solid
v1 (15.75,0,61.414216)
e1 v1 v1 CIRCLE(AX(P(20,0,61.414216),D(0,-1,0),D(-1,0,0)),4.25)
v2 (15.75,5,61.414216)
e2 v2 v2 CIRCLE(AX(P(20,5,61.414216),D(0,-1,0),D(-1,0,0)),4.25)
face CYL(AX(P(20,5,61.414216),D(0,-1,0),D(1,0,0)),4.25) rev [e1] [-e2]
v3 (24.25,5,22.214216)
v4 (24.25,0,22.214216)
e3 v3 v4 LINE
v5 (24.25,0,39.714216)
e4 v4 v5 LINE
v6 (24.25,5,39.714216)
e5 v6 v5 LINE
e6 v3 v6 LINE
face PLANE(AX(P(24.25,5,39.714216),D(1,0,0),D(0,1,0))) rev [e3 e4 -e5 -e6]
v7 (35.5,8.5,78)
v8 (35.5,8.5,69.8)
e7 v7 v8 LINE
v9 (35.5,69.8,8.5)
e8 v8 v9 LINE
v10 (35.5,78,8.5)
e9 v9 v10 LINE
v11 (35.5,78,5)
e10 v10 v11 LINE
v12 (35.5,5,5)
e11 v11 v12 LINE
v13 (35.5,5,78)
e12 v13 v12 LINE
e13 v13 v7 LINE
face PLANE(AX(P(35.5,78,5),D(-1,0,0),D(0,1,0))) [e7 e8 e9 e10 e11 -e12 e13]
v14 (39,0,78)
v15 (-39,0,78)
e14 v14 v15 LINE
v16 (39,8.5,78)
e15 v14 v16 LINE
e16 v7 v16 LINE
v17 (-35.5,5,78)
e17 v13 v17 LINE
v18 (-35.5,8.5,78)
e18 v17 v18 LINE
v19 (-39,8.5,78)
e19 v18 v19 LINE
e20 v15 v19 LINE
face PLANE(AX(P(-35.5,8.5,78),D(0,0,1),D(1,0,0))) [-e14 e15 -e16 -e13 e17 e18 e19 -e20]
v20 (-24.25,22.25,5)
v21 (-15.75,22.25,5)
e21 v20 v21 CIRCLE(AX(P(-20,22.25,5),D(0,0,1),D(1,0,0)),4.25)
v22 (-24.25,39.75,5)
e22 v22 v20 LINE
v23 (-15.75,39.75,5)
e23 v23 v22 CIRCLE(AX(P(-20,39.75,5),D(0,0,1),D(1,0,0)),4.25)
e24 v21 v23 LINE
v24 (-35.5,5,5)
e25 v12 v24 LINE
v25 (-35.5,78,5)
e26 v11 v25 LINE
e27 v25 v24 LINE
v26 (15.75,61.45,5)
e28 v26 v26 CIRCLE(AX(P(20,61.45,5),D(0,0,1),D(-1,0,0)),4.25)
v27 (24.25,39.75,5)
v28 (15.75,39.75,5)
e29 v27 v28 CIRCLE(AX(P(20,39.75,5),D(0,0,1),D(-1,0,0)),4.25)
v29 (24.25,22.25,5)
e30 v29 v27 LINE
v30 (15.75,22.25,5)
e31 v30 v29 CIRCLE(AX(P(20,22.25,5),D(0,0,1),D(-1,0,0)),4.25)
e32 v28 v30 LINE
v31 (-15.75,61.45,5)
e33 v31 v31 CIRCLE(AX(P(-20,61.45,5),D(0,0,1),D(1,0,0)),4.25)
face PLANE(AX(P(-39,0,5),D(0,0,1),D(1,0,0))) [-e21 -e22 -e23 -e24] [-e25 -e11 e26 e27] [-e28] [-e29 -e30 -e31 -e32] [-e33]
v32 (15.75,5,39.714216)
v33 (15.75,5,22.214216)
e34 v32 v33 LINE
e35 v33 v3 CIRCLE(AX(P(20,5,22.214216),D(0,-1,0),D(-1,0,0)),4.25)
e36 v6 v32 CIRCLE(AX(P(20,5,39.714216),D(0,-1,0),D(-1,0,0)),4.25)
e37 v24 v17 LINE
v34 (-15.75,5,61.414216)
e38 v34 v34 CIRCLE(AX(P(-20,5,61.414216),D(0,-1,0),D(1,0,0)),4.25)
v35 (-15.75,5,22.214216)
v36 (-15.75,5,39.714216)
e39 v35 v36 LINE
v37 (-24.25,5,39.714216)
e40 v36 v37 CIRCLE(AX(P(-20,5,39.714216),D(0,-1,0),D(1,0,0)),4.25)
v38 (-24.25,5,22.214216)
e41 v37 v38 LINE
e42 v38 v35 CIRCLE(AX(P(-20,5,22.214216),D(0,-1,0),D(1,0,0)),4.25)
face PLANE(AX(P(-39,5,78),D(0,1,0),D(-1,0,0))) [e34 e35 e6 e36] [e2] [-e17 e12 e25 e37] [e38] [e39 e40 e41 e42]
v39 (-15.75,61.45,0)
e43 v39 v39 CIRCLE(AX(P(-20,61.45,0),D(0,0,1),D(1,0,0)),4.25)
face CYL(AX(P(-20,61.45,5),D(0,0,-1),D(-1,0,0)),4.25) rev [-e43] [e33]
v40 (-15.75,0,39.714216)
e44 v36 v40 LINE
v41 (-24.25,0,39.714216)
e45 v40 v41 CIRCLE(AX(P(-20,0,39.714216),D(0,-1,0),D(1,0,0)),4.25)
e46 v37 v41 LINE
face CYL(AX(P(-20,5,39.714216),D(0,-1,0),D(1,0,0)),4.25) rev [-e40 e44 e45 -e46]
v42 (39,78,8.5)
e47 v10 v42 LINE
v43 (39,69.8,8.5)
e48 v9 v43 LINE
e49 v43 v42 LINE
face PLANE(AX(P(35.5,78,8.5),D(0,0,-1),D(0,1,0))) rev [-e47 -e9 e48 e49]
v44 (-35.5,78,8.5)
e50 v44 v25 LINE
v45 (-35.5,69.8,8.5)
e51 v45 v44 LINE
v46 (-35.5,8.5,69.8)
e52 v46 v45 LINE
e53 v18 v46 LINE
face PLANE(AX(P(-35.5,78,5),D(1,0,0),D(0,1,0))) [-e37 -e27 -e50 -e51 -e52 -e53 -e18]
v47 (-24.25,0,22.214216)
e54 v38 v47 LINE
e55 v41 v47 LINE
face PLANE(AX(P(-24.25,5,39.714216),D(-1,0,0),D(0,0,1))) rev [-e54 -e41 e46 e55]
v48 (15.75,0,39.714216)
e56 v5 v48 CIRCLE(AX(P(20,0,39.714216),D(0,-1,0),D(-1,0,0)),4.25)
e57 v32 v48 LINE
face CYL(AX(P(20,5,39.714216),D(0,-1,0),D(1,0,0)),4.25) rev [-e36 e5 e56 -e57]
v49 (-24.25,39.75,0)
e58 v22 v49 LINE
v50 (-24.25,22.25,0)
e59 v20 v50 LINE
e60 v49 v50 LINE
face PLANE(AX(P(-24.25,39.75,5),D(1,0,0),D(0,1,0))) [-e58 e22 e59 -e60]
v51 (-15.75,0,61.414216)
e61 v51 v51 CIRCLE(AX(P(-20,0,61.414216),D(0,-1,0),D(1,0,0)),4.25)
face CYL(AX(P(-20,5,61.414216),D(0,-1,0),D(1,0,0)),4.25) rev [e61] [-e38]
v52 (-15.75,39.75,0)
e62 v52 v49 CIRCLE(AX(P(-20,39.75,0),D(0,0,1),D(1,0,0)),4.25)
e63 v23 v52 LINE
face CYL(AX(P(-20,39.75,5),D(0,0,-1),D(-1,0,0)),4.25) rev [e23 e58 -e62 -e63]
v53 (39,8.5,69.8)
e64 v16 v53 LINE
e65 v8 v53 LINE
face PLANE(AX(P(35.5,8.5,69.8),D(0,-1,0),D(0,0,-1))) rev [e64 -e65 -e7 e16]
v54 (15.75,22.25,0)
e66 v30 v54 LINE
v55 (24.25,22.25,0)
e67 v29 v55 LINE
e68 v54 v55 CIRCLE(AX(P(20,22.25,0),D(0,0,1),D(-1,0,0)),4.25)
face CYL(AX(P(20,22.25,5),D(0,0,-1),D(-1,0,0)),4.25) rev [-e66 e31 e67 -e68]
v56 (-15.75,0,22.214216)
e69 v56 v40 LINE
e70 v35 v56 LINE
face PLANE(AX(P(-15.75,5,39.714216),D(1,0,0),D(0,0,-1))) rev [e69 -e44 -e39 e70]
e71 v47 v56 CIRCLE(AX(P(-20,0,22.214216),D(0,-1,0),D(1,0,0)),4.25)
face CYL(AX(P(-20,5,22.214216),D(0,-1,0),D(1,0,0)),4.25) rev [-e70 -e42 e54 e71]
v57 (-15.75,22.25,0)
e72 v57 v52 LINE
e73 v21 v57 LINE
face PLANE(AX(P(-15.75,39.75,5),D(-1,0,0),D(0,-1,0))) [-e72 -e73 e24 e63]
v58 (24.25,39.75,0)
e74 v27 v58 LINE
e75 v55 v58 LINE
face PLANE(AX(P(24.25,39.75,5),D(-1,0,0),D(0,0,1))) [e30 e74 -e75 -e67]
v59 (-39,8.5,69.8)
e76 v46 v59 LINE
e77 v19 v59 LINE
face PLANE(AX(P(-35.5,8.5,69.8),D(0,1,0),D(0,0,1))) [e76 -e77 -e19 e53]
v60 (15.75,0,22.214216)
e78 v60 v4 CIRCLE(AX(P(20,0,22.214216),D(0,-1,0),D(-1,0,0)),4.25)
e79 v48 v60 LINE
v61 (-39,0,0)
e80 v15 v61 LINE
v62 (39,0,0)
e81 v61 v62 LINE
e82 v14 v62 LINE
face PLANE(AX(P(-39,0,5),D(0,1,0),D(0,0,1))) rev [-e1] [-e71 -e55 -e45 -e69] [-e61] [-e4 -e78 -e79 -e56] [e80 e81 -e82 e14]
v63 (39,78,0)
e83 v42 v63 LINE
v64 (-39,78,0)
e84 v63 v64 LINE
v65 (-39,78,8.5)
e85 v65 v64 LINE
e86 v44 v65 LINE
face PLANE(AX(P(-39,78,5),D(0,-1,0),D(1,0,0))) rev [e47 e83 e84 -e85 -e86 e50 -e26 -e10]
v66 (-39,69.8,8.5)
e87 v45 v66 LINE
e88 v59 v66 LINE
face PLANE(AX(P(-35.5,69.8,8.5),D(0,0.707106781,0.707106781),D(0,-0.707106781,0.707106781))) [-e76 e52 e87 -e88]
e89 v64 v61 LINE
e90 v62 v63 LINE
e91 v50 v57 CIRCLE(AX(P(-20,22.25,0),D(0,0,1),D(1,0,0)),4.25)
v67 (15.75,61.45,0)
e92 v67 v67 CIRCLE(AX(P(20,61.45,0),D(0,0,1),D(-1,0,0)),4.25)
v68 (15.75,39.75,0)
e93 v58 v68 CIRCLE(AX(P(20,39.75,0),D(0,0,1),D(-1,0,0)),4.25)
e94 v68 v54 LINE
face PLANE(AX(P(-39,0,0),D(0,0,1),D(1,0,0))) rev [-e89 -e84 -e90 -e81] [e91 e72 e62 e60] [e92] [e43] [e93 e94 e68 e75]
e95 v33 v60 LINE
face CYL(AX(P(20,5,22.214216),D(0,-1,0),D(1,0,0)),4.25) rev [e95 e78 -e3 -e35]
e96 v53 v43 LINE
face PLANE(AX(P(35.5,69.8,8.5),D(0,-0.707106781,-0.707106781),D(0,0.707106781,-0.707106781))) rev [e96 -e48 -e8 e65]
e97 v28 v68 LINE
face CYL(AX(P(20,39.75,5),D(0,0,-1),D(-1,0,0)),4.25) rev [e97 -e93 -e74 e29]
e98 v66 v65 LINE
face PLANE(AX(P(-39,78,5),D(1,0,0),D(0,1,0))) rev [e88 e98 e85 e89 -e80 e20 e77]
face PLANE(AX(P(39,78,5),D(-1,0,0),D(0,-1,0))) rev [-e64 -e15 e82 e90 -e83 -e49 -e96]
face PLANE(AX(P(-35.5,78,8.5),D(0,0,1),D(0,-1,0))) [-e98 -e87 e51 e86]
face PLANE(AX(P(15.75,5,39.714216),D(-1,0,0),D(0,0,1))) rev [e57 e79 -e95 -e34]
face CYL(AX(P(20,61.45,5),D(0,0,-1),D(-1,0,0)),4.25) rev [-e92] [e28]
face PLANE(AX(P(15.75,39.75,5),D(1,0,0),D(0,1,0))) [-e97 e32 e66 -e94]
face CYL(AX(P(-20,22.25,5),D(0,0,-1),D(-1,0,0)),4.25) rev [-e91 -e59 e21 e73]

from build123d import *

# Parameters (mm, degrees)
SKETCH_3_W      = 78
SKETCH_3_H      = 78
SKETCH_3_R      = 4.25
EXTRUDE_1_DEPTH = 5
EXTRUDE_2_DEPTH = 3.5
SKETCH_5_W      = 78
SKETCH_5_H      = 78
SKETCH_5_R      = 4.25
EXTRUDE_3_DEPTH = 5


with BuildPart() as part:
    # 草图3 → 凸台-拉伸1 (new body)
    with BuildSketch(Plane.XY):
        with Locations((0, 39)):
            Rectangle(SKETCH_3_W, SKETCH_3_H)
        with Locations((-20, 61.45)):
            Circle(SKETCH_3_R, mode=Mode.SUBTRACT)
        with Locations(Location((20, 61.45, 0), (0, 0, 180))):
            Circle(SKETCH_3_R, mode=Mode.SUBTRACT)
        with BuildLine():
            Line((-15.75, 39.75), (-15.75, 22.25))
            ThreePointArc((-15.75, 22.25), (-20, 18), (-24.25, 22.25))
            Line((-24.25, 22.25), (-24.25, 39.75))
            ThreePointArc((-24.25, 39.75), (-20, 44), (-15.75, 39.75))
        make_face(mode=Mode.SUBTRACT)
        with BuildLine():
            Line((15.75, 39.75), (15.75, 22.25))
            ThreePointArc((15.75, 22.25), (20, 18), (24.25, 22.25))
            Line((24.25, 22.25), (24.25, 39.75))
            ThreePointArc((24.25, 39.75), (20, 44), (15.75, 39.75))
        make_face(mode=Mode.SUBTRACT)
    extrude(amount=EXTRUDE_1_DEPTH)

    # 草图4 → 凸台-拉伸2 (add)
    with BuildSketch(Plane.ZY.offset(39)):
        Polygon((5, 78), (8.5, 78), (8.5, 69.8), (69.8, 8.5), (78, 8.5), (78, 0), (5, 0), align=None)
    extrude_2 = extrude(amount=-EXTRUDE_2_DEPTH)

    # 镜向1: 凸台-拉伸2 across plane
    add(extrude_2.mirror(Plane(origin=(0, 0, 0), x_dir=(0, 0, 1), z_dir=(1, 0, 0))))

    # 草图5 → 凸台-拉伸3 (add)
    with BuildSketch(Plane.XZ):
        with Locations((0, 39)):
            Rectangle(SKETCH_5_W, SKETCH_5_H)
        with Locations((-20, 61.414216079)):
            Circle(SKETCH_5_R, mode=Mode.SUBTRACT)
        with Locations(Location((20, 61.414216079, 0), (0, 0, 180))):
            Circle(SKETCH_5_R, mode=Mode.SUBTRACT)
        with BuildLine():
            Line((-15.75, 39.714216079), (-15.75, 22.214216079))
            ThreePointArc((-15.75, 22.214216079), (-20, 17.964216079), (-24.25, 22.214216079))
            Line((-24.25, 22.214216079), (-24.25, 39.714216079))
            ThreePointArc((-24.25, 39.714216079), (-20, 43.964216079), (-15.75, 39.714216079))
        make_face(mode=Mode.SUBTRACT)
        with BuildLine():
            Line((15.75, 39.714216079), (15.75, 22.214216079))
            ThreePointArc((15.75, 22.214216079), (20, 17.964216079), (24.25, 22.214216079))
            Line((24.25, 22.214216079), (24.25, 39.714216079))
            ThreePointArc((24.25, 39.714216079), (20, 43.964216079), (15.75, 39.714216079))
        make_face(mode=Mode.SUBTRACT)
    extrude(amount=-EXTRUDE_3_DEPTH)


solid = part.part
